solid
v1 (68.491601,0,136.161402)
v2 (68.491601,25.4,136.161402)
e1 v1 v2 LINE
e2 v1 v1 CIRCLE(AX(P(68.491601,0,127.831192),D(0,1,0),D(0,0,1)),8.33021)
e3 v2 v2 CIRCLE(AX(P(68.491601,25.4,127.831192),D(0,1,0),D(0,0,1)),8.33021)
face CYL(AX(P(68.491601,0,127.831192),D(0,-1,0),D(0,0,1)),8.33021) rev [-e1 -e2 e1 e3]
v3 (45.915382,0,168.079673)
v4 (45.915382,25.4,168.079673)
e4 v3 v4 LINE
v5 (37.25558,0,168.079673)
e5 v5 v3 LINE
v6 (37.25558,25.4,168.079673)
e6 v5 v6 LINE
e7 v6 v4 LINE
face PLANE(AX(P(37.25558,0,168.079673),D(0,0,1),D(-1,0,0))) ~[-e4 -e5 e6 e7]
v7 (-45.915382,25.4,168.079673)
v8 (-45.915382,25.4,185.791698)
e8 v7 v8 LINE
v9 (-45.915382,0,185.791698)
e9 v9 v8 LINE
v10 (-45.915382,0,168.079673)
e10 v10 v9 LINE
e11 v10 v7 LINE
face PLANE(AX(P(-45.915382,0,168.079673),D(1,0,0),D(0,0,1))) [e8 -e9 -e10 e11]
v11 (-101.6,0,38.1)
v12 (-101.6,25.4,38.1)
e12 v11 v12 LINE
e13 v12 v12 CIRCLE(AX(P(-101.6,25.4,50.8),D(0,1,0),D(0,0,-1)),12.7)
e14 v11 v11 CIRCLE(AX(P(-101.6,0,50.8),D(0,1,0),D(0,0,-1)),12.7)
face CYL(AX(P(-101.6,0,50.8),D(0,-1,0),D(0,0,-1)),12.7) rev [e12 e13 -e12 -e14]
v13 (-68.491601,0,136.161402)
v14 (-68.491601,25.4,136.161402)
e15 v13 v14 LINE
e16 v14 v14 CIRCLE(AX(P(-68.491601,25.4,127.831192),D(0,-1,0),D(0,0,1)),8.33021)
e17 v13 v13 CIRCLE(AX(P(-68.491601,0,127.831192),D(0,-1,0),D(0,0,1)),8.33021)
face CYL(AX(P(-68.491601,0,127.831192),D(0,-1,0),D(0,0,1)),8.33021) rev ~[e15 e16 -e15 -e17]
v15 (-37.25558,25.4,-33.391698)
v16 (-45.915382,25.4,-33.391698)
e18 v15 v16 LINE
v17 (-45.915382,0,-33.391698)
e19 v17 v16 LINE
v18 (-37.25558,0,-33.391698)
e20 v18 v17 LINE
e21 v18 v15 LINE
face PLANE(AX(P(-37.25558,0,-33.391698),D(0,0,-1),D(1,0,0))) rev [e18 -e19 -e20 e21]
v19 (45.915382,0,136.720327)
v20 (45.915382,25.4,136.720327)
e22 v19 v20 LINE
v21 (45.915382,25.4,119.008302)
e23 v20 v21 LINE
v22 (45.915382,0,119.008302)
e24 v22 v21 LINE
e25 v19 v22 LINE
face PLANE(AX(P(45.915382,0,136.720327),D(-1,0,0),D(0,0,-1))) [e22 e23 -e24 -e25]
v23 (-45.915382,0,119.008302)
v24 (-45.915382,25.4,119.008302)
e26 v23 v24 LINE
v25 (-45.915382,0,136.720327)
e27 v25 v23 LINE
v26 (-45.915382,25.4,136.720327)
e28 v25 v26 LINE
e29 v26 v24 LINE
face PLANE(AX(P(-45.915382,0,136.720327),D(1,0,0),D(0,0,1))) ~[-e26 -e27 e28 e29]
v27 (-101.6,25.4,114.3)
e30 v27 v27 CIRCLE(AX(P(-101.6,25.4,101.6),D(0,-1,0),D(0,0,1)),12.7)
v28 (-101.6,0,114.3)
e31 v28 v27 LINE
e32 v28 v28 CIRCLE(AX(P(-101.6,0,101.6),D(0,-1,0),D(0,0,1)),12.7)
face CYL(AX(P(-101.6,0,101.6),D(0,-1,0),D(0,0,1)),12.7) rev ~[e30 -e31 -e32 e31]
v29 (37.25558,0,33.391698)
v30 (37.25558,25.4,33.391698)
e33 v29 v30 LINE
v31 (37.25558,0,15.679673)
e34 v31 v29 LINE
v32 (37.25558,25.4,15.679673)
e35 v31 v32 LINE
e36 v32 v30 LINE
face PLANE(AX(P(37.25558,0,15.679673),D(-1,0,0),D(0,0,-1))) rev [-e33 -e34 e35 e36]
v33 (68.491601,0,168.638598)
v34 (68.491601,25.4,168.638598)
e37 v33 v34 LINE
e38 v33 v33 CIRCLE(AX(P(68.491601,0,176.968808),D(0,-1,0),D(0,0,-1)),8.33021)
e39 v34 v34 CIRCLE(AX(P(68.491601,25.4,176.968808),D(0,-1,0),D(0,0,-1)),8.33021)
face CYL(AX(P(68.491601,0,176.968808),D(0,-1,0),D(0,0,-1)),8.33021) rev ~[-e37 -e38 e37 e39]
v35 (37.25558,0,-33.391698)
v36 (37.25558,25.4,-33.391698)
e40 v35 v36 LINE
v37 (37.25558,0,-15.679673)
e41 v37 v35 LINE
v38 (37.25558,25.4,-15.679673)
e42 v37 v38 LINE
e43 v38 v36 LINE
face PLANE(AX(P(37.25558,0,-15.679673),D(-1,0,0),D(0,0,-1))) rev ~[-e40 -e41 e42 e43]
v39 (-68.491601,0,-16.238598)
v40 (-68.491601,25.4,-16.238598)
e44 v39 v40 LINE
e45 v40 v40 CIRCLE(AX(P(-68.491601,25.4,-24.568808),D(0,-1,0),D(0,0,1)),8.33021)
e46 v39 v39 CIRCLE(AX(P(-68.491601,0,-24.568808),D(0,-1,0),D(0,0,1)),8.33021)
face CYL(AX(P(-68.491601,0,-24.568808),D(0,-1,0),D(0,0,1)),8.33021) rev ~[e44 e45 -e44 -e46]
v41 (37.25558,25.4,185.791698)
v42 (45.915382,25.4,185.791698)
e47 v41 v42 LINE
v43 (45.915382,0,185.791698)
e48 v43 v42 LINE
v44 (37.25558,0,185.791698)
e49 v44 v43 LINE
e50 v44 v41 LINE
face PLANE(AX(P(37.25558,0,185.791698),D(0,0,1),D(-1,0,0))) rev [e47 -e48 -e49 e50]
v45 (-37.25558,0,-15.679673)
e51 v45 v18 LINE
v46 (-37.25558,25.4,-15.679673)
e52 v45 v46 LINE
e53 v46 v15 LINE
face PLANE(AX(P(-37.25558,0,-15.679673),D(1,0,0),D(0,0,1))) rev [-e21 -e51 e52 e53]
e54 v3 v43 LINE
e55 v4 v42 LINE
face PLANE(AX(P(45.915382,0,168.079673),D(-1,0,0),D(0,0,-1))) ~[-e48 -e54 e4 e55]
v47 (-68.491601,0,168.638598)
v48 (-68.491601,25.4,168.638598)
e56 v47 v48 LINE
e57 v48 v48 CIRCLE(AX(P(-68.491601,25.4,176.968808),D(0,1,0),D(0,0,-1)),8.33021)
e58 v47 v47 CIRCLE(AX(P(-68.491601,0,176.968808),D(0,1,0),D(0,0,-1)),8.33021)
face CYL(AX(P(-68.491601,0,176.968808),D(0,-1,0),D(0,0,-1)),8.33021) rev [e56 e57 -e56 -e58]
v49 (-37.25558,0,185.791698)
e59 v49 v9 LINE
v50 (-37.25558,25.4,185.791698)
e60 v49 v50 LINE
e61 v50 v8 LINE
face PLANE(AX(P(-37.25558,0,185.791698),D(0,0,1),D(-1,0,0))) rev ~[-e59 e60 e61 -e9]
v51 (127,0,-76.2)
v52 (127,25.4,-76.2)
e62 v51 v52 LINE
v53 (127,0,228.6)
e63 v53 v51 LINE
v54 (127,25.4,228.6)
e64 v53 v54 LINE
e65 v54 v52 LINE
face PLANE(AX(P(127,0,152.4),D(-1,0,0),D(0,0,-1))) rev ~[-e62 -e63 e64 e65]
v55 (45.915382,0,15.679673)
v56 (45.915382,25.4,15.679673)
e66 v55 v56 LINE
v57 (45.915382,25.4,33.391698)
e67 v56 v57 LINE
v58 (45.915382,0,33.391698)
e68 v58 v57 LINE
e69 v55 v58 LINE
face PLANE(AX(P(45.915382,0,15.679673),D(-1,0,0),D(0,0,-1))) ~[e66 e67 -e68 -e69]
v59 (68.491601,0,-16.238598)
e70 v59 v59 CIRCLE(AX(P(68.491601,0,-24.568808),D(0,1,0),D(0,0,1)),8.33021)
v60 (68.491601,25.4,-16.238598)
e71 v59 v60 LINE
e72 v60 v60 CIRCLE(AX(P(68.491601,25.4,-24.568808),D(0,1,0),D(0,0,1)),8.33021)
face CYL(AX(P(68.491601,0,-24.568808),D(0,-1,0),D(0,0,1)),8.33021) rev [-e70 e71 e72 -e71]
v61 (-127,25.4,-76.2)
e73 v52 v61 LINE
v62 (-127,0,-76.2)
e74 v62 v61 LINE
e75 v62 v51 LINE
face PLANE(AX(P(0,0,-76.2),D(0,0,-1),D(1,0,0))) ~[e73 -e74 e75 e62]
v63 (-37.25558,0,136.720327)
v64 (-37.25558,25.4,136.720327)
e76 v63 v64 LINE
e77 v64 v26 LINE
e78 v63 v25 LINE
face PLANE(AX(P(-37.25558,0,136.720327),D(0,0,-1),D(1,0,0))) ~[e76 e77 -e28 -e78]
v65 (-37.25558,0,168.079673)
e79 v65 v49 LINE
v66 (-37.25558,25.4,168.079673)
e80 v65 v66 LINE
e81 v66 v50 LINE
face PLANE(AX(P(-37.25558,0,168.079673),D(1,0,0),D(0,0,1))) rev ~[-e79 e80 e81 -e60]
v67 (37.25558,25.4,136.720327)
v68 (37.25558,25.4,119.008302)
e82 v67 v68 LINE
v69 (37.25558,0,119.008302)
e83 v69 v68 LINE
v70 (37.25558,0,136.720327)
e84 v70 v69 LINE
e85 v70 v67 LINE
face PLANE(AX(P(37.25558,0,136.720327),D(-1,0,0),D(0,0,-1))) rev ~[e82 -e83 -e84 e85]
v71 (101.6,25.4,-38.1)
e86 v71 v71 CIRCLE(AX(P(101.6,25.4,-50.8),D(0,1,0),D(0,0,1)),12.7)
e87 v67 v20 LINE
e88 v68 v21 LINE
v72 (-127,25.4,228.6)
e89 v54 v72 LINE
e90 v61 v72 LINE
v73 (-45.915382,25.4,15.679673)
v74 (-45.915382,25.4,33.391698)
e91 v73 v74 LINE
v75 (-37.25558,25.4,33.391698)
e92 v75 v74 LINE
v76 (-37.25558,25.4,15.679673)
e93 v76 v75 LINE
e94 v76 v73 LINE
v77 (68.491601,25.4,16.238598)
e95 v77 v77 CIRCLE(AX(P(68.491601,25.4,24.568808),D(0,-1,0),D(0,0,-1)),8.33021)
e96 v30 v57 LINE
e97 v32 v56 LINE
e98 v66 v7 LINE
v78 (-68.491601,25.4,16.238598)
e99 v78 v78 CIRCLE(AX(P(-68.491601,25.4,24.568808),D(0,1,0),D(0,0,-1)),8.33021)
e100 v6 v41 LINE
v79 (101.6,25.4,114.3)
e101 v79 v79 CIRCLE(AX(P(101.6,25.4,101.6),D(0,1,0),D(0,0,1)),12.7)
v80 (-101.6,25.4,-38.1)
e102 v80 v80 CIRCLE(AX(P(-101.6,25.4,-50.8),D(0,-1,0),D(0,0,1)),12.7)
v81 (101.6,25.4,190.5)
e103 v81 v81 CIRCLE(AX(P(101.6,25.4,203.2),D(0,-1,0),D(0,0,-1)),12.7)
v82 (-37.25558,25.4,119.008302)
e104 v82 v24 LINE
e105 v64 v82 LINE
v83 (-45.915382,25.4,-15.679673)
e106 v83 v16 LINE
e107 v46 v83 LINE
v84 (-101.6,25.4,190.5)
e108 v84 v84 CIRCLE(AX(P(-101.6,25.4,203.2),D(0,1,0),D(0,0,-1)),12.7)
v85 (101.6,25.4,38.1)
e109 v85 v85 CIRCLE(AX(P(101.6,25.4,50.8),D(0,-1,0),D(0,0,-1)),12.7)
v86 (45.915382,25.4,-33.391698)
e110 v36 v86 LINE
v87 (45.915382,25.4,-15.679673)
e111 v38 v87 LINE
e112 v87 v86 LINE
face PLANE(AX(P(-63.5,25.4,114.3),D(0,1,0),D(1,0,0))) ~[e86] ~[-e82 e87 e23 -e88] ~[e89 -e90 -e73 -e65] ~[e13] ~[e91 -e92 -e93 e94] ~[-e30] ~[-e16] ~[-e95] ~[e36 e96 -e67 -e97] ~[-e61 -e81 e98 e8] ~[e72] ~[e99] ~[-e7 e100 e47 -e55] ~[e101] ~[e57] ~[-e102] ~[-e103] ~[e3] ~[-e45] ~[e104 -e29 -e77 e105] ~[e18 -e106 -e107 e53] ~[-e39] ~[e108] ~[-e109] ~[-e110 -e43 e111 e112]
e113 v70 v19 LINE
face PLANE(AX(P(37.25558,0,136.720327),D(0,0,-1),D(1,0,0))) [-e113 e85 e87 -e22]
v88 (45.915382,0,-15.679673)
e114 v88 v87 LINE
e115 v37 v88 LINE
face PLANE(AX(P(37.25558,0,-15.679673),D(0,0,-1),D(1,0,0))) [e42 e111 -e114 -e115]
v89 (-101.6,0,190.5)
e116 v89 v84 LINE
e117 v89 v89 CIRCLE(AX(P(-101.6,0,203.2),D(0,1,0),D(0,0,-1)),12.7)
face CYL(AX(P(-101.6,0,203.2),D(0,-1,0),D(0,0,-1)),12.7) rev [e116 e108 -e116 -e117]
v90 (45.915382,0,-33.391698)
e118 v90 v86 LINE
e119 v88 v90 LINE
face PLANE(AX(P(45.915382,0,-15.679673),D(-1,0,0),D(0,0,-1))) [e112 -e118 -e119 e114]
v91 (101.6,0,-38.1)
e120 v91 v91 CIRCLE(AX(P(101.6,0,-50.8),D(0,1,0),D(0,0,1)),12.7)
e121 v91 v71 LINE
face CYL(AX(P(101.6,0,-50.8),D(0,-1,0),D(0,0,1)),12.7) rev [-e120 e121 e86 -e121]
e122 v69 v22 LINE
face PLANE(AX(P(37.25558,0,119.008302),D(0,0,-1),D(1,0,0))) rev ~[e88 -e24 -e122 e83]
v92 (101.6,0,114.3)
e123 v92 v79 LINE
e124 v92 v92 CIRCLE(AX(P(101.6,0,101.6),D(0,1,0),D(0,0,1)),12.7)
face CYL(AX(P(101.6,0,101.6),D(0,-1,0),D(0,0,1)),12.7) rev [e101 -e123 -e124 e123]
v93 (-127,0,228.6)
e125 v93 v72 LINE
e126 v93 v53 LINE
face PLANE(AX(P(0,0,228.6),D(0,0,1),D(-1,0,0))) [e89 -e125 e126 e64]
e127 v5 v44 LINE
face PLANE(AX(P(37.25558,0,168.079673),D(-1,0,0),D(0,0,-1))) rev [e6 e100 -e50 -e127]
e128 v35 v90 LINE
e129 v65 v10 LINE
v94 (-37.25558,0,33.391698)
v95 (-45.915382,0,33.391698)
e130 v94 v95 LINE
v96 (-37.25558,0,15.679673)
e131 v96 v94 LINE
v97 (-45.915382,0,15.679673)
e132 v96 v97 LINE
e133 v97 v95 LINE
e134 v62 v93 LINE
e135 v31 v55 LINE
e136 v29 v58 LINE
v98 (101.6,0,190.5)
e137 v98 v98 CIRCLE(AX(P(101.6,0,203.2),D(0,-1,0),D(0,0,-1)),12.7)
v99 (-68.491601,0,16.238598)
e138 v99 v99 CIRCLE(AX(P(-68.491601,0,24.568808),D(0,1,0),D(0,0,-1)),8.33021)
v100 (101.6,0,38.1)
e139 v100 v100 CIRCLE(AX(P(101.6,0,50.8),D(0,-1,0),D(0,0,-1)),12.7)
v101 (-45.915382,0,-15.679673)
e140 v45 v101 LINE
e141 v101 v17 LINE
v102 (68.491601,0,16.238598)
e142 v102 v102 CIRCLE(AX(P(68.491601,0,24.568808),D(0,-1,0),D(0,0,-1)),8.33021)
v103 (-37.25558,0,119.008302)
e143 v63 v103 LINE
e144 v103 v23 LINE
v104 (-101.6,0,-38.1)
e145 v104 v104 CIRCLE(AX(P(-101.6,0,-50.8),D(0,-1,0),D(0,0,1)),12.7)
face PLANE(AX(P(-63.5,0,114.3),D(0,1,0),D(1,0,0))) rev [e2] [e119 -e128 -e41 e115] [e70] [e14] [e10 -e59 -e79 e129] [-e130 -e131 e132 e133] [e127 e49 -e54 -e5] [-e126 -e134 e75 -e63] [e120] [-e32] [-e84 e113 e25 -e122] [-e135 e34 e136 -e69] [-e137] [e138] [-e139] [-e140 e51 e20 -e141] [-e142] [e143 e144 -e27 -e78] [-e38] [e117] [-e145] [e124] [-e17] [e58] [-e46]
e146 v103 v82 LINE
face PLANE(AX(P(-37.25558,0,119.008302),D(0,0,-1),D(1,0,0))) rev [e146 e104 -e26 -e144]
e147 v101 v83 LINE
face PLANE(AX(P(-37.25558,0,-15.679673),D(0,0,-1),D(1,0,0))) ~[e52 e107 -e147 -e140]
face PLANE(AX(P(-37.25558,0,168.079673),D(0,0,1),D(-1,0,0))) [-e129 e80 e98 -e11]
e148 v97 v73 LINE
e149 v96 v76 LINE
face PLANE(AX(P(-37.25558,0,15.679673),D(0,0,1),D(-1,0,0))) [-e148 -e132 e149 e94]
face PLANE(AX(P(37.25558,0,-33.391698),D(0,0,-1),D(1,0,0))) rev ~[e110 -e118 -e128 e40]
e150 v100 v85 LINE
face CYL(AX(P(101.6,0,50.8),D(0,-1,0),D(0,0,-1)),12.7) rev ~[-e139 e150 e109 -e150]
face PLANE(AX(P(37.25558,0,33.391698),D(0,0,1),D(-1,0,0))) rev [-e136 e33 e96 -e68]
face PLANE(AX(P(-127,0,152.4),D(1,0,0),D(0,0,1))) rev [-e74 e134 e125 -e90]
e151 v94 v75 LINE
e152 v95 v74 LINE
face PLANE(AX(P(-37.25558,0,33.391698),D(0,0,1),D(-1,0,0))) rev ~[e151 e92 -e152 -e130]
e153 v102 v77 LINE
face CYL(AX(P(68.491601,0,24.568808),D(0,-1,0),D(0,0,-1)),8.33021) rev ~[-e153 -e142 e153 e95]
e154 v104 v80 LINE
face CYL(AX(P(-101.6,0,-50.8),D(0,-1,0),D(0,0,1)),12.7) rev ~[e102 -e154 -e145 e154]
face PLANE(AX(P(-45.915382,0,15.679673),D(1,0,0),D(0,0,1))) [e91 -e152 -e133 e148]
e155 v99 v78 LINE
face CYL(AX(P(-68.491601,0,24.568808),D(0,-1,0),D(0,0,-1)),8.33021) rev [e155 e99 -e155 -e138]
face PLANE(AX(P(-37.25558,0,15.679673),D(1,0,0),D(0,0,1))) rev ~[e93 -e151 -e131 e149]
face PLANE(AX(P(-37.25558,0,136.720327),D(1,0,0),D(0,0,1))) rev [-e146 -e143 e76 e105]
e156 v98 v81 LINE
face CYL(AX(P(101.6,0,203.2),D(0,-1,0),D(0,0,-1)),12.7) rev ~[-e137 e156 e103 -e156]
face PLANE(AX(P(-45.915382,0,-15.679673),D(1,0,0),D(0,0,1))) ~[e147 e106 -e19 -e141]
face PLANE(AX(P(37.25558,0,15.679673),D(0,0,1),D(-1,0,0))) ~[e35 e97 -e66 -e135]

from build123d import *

# Parameters (mm, degrees)
SKETCH1_W           = 127
SKETCH1_H           = 76.2
SKETCH1_R           = 8.33021032
SKETCH1_R_2         = 12.7
SKETCH1_W_2         = 8.659801889
SKETCH1_H_2         = 17.712025184
BOSS_EXTRUDE1_DEPTH = 25.4


with BuildPart() as part:
    # Sketch1 → Boss-Extrude1 (new body)
    with BuildSketch(Plane(origin=(0, 0, 0), x_dir=(1, 0, 0), z_dir=(0, 1, 0))):
        with Locations((63.5, 38.1)):
            Rectangle(SKETCH1_W, SKETCH1_H)
        with Locations(Location((68.491601229, 24.568808003, 0), (0, 0, 270))):
            Circle(SKETCH1_R, mode=Mode.SUBTRACT)
        with Locations(Location((101.6, 50.8, 0), (0, 0, 270))):
            Circle(SKETCH1_R_2, mode=Mode.SUBTRACT)
        with Locations((41.585480672, 24.535685835)):
            Rectangle(SKETCH1_W_2, SKETCH1_H_2, mode=Mode.SUBTRACT)
    extrude(amount=BOSS_EXTRUDE1_DEPTH)

    # Mirror1: part across plane


with BuildPart() as part_1:
    add(part.part)
    add(part.part.mirror(Plane(origin=(0, 25.4, 0), x_dir=(0, 0, 1), z_dir=(1, 0, 0))))

    # Mirror2: part across plane


with BuildPart() as part_2:
    add(part_1.part)
    add(part_1.part.mirror(Plane(origin=(0, 25.4, 0), x_dir=(1, 0, 0), z_dir=(0, 0, -1))))

    # Mirror3: part across face


with BuildPart() as part_3:
    add(part_2.part)
    add(part_2.part.mirror(Plane(origin=(0, 12.7, 76.2), x_dir=(1, 0, 0), z_dir=(0, 0, 1))))


solid = part_3.part
